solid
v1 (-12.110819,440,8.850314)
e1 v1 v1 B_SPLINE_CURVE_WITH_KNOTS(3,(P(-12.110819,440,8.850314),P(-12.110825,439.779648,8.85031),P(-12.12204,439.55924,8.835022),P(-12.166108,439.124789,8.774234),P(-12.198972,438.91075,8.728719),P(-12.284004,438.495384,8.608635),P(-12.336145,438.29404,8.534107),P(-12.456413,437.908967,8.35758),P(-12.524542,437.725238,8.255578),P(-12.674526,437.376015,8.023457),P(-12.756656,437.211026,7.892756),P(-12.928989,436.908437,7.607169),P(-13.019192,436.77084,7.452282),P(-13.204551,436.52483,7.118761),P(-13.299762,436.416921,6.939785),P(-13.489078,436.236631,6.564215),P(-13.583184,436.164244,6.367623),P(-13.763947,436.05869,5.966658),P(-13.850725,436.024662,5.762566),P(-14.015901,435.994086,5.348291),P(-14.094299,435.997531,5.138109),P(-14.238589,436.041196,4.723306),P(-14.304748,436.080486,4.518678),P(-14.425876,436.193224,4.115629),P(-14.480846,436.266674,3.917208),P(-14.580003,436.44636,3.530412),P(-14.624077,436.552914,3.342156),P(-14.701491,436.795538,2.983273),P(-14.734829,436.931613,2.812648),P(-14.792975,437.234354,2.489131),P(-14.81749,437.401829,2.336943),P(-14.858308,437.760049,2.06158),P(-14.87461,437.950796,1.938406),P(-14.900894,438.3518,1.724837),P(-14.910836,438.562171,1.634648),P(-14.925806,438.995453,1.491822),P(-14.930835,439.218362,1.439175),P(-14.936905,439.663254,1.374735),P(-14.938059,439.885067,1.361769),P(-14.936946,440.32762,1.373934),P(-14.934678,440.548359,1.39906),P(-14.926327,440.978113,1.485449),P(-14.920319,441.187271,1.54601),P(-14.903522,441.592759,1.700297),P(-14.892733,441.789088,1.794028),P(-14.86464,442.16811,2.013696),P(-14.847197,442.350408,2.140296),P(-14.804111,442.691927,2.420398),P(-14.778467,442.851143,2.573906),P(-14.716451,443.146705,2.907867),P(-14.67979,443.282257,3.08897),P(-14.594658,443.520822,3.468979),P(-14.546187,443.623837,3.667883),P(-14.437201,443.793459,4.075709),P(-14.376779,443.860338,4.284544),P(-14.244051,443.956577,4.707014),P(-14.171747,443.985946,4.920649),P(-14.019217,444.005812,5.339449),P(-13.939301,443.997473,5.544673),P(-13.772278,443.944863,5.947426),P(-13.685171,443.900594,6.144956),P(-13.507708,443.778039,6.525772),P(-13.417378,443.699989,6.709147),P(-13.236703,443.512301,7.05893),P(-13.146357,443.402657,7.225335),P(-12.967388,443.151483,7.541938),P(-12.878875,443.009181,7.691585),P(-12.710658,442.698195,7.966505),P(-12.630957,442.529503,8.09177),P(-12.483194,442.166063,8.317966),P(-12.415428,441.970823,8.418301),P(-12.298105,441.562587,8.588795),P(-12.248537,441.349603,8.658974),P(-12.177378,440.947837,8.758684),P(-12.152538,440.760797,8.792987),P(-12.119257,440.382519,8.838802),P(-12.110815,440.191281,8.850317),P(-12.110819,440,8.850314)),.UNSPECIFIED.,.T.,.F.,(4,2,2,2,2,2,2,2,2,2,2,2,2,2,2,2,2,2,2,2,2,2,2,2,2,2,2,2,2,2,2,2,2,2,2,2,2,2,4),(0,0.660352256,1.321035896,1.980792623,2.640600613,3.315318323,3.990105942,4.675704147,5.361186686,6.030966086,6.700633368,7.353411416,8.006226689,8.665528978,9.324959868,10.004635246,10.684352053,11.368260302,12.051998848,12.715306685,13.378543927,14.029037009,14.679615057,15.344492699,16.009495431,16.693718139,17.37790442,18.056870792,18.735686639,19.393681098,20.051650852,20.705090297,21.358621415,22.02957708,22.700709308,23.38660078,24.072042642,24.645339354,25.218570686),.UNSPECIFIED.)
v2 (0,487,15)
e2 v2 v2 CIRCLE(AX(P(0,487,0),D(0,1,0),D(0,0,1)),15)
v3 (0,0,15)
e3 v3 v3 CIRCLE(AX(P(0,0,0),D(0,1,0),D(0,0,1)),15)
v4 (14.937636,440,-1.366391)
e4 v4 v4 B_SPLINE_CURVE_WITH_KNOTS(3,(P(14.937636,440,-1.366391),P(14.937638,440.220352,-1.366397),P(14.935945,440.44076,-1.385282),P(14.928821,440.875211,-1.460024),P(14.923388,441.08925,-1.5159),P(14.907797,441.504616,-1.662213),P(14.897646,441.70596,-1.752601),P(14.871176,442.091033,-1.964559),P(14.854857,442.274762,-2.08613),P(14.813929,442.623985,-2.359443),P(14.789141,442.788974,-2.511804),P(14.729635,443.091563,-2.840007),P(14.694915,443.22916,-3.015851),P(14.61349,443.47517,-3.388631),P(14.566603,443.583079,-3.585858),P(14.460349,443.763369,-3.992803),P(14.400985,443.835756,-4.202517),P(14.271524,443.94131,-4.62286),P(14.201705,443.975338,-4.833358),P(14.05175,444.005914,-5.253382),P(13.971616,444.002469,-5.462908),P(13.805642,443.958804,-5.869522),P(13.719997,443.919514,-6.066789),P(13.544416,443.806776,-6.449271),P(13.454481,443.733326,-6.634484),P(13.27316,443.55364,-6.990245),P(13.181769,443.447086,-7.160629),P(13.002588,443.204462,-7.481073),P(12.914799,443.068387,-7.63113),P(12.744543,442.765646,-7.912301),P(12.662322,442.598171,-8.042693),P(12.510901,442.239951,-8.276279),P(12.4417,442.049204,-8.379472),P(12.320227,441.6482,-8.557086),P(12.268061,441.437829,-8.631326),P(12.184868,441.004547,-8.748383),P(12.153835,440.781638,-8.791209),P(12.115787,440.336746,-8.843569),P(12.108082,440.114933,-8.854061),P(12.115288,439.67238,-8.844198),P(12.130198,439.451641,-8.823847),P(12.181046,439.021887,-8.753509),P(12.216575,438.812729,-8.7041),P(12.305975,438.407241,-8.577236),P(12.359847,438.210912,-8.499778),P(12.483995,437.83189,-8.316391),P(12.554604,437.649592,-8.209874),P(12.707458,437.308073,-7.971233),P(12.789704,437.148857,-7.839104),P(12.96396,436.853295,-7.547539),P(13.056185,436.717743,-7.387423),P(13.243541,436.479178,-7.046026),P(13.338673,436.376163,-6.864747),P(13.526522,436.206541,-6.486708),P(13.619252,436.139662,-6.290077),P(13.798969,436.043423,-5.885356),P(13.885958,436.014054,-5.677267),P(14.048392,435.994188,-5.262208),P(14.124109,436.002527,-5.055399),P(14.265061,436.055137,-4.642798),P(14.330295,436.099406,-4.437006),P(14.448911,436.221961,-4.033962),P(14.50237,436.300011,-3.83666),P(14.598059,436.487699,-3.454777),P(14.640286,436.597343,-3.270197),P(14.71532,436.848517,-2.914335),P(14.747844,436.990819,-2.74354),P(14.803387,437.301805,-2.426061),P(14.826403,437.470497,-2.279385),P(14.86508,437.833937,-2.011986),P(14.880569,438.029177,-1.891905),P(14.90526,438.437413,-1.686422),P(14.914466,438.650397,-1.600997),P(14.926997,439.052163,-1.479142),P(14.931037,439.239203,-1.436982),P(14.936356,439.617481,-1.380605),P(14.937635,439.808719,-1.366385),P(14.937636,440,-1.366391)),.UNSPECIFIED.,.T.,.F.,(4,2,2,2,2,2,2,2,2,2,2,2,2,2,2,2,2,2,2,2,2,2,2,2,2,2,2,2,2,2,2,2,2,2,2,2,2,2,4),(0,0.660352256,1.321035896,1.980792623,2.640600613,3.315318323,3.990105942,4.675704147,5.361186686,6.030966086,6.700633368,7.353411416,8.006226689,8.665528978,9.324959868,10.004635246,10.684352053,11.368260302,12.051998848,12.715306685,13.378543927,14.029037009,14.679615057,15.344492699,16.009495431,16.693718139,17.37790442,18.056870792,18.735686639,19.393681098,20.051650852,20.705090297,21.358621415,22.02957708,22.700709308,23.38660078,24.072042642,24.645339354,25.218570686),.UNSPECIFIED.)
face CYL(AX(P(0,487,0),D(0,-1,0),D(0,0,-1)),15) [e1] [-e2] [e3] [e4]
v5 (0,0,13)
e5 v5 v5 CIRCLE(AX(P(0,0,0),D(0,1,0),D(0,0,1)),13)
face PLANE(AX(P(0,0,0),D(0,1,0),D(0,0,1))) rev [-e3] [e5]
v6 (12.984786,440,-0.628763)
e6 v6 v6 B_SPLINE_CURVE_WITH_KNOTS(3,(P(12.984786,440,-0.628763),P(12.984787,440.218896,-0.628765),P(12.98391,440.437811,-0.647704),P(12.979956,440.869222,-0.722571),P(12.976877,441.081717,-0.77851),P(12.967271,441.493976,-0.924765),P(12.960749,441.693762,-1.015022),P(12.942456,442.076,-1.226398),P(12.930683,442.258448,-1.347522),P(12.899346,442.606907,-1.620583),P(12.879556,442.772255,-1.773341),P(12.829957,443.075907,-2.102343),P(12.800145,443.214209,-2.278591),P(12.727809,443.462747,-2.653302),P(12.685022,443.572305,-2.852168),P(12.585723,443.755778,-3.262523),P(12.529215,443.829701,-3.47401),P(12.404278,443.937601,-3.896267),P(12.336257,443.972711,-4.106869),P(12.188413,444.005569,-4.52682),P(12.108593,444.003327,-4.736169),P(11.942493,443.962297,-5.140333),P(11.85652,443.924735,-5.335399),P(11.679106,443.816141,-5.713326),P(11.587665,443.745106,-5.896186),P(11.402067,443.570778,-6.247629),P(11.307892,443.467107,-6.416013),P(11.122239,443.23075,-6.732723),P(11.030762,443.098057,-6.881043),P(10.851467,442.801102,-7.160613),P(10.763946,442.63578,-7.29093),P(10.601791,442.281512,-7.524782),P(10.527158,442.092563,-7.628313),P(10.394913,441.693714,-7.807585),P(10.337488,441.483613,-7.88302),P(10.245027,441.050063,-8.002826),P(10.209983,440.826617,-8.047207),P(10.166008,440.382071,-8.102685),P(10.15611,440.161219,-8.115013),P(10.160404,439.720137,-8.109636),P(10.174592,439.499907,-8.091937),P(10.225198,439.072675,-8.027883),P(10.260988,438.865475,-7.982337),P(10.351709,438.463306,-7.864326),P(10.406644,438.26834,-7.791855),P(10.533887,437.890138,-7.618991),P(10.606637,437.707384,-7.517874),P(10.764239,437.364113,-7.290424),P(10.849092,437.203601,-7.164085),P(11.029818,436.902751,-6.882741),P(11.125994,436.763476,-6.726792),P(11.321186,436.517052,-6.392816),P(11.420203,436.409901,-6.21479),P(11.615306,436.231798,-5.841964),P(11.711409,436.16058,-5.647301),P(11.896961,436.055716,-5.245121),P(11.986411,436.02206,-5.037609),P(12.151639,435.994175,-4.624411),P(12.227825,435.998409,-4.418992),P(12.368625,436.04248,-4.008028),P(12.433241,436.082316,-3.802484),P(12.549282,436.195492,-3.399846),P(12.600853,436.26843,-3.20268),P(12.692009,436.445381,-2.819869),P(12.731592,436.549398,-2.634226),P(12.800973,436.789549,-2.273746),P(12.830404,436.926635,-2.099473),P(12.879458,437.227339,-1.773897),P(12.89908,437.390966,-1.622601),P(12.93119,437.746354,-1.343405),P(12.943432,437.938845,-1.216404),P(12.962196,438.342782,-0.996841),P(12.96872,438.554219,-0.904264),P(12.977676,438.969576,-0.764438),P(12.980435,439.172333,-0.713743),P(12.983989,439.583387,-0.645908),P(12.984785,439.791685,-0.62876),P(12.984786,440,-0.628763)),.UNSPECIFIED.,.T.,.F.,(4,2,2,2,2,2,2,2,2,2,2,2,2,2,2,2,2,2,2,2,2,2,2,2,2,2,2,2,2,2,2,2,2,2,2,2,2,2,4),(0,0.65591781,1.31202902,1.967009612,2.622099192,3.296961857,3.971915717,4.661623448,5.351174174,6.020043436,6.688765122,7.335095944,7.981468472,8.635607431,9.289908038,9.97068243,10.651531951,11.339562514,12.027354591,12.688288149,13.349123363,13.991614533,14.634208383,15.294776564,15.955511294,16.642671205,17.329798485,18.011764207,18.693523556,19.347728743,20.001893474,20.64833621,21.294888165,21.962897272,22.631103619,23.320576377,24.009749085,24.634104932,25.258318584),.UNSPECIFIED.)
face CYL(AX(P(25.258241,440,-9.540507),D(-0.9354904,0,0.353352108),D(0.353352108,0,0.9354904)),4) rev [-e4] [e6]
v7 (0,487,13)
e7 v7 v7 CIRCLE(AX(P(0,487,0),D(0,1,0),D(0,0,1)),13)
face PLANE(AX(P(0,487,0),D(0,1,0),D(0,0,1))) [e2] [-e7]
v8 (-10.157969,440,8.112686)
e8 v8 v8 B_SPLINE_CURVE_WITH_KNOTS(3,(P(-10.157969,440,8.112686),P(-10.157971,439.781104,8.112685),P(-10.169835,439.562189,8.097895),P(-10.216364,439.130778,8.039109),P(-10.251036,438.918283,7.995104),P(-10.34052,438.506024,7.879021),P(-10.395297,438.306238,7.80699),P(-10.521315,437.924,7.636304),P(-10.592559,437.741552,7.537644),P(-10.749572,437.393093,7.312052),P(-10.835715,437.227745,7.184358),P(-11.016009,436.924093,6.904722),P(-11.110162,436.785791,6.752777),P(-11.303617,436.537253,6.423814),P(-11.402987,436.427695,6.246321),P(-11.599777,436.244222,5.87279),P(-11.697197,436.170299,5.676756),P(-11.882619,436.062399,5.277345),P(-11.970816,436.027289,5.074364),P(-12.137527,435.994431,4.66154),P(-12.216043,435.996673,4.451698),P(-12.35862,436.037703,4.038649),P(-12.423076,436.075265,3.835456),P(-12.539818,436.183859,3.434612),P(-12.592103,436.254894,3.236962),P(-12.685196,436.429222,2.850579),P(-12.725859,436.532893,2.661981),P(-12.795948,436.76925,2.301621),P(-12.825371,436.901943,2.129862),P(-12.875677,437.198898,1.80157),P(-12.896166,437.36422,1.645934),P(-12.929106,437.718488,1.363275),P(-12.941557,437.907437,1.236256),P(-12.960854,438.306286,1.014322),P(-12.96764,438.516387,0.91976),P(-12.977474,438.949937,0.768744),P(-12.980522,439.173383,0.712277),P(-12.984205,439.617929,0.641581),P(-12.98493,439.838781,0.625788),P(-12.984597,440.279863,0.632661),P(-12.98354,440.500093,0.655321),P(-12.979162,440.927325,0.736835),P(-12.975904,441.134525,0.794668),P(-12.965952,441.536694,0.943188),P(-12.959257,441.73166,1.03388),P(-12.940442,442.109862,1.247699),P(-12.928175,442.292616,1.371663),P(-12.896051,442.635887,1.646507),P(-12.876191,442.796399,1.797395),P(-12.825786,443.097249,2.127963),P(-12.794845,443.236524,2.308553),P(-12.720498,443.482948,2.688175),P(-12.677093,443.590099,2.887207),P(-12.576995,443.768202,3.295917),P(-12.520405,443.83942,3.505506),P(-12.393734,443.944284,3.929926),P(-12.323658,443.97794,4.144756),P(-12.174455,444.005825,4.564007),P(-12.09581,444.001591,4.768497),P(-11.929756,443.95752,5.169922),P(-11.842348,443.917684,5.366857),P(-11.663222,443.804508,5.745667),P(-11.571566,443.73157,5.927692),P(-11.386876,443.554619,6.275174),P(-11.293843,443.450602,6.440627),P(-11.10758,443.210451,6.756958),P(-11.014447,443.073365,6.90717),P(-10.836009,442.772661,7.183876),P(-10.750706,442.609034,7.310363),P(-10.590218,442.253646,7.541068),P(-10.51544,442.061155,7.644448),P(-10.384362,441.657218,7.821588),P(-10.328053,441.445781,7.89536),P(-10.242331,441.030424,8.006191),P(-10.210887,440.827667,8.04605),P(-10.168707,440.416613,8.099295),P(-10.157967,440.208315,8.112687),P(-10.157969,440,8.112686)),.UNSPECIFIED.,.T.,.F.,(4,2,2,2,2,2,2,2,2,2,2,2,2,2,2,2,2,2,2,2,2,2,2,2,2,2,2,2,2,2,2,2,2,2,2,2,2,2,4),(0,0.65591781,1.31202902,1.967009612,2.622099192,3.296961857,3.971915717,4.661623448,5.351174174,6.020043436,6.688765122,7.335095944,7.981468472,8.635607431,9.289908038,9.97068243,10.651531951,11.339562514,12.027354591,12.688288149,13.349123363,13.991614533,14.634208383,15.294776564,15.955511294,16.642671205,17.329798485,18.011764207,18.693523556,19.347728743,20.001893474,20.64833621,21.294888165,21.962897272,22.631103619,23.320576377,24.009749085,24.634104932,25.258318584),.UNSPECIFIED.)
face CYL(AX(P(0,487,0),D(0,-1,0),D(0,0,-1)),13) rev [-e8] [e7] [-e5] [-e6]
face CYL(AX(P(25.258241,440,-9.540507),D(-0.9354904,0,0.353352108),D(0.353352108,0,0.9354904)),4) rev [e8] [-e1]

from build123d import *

# Parameters (mm, degrees)
SKETCH_1_R          = 15
SKETCH_1_R_2        = 13
EXTRUDE_1_DEPTH     = 487
SKETCH_5_R          = 4
CUT_EXTRUDE_1_DEPTH = 47.5


with BuildPart() as part:
    # Эскиз1 → Вытянуть1 (new body)
    with BuildSketch(Plane(origin=(0, 0, 0), x_dir=(1, 0, 0), z_dir=(0, 1, 0))):
        with Locations(Location((0, 0, 0), (0, 0, 270))):
            Circle(SKETCH_1_R)
        with Locations(Location((0, 0, 0), (0, 0, 270))):
            Circle(SKETCH_1_R_2, mode=Mode.SUBTRACT)
    extrude(amount=EXTRUDE_1_DEPTH)

    # Эскиз5 → Вырез-Вытянуть1 (cut, symmetric)
    with BuildSketch(Plane(origin=(-19.177553223, 0, 7.243718229), x_dir=(0.353352108149494, 0, 0.9354903995585997), z_dir=(-0.9354903995585997, 0, 0.353352108149494))):
        with Locations((0, 440)):
            Circle(SKETCH_5_R)
    extrude(amount=CUT_EXTRUDE_1_DEPTH, both=True, mode=Mode.SUBTRACT)


solid = part.part
